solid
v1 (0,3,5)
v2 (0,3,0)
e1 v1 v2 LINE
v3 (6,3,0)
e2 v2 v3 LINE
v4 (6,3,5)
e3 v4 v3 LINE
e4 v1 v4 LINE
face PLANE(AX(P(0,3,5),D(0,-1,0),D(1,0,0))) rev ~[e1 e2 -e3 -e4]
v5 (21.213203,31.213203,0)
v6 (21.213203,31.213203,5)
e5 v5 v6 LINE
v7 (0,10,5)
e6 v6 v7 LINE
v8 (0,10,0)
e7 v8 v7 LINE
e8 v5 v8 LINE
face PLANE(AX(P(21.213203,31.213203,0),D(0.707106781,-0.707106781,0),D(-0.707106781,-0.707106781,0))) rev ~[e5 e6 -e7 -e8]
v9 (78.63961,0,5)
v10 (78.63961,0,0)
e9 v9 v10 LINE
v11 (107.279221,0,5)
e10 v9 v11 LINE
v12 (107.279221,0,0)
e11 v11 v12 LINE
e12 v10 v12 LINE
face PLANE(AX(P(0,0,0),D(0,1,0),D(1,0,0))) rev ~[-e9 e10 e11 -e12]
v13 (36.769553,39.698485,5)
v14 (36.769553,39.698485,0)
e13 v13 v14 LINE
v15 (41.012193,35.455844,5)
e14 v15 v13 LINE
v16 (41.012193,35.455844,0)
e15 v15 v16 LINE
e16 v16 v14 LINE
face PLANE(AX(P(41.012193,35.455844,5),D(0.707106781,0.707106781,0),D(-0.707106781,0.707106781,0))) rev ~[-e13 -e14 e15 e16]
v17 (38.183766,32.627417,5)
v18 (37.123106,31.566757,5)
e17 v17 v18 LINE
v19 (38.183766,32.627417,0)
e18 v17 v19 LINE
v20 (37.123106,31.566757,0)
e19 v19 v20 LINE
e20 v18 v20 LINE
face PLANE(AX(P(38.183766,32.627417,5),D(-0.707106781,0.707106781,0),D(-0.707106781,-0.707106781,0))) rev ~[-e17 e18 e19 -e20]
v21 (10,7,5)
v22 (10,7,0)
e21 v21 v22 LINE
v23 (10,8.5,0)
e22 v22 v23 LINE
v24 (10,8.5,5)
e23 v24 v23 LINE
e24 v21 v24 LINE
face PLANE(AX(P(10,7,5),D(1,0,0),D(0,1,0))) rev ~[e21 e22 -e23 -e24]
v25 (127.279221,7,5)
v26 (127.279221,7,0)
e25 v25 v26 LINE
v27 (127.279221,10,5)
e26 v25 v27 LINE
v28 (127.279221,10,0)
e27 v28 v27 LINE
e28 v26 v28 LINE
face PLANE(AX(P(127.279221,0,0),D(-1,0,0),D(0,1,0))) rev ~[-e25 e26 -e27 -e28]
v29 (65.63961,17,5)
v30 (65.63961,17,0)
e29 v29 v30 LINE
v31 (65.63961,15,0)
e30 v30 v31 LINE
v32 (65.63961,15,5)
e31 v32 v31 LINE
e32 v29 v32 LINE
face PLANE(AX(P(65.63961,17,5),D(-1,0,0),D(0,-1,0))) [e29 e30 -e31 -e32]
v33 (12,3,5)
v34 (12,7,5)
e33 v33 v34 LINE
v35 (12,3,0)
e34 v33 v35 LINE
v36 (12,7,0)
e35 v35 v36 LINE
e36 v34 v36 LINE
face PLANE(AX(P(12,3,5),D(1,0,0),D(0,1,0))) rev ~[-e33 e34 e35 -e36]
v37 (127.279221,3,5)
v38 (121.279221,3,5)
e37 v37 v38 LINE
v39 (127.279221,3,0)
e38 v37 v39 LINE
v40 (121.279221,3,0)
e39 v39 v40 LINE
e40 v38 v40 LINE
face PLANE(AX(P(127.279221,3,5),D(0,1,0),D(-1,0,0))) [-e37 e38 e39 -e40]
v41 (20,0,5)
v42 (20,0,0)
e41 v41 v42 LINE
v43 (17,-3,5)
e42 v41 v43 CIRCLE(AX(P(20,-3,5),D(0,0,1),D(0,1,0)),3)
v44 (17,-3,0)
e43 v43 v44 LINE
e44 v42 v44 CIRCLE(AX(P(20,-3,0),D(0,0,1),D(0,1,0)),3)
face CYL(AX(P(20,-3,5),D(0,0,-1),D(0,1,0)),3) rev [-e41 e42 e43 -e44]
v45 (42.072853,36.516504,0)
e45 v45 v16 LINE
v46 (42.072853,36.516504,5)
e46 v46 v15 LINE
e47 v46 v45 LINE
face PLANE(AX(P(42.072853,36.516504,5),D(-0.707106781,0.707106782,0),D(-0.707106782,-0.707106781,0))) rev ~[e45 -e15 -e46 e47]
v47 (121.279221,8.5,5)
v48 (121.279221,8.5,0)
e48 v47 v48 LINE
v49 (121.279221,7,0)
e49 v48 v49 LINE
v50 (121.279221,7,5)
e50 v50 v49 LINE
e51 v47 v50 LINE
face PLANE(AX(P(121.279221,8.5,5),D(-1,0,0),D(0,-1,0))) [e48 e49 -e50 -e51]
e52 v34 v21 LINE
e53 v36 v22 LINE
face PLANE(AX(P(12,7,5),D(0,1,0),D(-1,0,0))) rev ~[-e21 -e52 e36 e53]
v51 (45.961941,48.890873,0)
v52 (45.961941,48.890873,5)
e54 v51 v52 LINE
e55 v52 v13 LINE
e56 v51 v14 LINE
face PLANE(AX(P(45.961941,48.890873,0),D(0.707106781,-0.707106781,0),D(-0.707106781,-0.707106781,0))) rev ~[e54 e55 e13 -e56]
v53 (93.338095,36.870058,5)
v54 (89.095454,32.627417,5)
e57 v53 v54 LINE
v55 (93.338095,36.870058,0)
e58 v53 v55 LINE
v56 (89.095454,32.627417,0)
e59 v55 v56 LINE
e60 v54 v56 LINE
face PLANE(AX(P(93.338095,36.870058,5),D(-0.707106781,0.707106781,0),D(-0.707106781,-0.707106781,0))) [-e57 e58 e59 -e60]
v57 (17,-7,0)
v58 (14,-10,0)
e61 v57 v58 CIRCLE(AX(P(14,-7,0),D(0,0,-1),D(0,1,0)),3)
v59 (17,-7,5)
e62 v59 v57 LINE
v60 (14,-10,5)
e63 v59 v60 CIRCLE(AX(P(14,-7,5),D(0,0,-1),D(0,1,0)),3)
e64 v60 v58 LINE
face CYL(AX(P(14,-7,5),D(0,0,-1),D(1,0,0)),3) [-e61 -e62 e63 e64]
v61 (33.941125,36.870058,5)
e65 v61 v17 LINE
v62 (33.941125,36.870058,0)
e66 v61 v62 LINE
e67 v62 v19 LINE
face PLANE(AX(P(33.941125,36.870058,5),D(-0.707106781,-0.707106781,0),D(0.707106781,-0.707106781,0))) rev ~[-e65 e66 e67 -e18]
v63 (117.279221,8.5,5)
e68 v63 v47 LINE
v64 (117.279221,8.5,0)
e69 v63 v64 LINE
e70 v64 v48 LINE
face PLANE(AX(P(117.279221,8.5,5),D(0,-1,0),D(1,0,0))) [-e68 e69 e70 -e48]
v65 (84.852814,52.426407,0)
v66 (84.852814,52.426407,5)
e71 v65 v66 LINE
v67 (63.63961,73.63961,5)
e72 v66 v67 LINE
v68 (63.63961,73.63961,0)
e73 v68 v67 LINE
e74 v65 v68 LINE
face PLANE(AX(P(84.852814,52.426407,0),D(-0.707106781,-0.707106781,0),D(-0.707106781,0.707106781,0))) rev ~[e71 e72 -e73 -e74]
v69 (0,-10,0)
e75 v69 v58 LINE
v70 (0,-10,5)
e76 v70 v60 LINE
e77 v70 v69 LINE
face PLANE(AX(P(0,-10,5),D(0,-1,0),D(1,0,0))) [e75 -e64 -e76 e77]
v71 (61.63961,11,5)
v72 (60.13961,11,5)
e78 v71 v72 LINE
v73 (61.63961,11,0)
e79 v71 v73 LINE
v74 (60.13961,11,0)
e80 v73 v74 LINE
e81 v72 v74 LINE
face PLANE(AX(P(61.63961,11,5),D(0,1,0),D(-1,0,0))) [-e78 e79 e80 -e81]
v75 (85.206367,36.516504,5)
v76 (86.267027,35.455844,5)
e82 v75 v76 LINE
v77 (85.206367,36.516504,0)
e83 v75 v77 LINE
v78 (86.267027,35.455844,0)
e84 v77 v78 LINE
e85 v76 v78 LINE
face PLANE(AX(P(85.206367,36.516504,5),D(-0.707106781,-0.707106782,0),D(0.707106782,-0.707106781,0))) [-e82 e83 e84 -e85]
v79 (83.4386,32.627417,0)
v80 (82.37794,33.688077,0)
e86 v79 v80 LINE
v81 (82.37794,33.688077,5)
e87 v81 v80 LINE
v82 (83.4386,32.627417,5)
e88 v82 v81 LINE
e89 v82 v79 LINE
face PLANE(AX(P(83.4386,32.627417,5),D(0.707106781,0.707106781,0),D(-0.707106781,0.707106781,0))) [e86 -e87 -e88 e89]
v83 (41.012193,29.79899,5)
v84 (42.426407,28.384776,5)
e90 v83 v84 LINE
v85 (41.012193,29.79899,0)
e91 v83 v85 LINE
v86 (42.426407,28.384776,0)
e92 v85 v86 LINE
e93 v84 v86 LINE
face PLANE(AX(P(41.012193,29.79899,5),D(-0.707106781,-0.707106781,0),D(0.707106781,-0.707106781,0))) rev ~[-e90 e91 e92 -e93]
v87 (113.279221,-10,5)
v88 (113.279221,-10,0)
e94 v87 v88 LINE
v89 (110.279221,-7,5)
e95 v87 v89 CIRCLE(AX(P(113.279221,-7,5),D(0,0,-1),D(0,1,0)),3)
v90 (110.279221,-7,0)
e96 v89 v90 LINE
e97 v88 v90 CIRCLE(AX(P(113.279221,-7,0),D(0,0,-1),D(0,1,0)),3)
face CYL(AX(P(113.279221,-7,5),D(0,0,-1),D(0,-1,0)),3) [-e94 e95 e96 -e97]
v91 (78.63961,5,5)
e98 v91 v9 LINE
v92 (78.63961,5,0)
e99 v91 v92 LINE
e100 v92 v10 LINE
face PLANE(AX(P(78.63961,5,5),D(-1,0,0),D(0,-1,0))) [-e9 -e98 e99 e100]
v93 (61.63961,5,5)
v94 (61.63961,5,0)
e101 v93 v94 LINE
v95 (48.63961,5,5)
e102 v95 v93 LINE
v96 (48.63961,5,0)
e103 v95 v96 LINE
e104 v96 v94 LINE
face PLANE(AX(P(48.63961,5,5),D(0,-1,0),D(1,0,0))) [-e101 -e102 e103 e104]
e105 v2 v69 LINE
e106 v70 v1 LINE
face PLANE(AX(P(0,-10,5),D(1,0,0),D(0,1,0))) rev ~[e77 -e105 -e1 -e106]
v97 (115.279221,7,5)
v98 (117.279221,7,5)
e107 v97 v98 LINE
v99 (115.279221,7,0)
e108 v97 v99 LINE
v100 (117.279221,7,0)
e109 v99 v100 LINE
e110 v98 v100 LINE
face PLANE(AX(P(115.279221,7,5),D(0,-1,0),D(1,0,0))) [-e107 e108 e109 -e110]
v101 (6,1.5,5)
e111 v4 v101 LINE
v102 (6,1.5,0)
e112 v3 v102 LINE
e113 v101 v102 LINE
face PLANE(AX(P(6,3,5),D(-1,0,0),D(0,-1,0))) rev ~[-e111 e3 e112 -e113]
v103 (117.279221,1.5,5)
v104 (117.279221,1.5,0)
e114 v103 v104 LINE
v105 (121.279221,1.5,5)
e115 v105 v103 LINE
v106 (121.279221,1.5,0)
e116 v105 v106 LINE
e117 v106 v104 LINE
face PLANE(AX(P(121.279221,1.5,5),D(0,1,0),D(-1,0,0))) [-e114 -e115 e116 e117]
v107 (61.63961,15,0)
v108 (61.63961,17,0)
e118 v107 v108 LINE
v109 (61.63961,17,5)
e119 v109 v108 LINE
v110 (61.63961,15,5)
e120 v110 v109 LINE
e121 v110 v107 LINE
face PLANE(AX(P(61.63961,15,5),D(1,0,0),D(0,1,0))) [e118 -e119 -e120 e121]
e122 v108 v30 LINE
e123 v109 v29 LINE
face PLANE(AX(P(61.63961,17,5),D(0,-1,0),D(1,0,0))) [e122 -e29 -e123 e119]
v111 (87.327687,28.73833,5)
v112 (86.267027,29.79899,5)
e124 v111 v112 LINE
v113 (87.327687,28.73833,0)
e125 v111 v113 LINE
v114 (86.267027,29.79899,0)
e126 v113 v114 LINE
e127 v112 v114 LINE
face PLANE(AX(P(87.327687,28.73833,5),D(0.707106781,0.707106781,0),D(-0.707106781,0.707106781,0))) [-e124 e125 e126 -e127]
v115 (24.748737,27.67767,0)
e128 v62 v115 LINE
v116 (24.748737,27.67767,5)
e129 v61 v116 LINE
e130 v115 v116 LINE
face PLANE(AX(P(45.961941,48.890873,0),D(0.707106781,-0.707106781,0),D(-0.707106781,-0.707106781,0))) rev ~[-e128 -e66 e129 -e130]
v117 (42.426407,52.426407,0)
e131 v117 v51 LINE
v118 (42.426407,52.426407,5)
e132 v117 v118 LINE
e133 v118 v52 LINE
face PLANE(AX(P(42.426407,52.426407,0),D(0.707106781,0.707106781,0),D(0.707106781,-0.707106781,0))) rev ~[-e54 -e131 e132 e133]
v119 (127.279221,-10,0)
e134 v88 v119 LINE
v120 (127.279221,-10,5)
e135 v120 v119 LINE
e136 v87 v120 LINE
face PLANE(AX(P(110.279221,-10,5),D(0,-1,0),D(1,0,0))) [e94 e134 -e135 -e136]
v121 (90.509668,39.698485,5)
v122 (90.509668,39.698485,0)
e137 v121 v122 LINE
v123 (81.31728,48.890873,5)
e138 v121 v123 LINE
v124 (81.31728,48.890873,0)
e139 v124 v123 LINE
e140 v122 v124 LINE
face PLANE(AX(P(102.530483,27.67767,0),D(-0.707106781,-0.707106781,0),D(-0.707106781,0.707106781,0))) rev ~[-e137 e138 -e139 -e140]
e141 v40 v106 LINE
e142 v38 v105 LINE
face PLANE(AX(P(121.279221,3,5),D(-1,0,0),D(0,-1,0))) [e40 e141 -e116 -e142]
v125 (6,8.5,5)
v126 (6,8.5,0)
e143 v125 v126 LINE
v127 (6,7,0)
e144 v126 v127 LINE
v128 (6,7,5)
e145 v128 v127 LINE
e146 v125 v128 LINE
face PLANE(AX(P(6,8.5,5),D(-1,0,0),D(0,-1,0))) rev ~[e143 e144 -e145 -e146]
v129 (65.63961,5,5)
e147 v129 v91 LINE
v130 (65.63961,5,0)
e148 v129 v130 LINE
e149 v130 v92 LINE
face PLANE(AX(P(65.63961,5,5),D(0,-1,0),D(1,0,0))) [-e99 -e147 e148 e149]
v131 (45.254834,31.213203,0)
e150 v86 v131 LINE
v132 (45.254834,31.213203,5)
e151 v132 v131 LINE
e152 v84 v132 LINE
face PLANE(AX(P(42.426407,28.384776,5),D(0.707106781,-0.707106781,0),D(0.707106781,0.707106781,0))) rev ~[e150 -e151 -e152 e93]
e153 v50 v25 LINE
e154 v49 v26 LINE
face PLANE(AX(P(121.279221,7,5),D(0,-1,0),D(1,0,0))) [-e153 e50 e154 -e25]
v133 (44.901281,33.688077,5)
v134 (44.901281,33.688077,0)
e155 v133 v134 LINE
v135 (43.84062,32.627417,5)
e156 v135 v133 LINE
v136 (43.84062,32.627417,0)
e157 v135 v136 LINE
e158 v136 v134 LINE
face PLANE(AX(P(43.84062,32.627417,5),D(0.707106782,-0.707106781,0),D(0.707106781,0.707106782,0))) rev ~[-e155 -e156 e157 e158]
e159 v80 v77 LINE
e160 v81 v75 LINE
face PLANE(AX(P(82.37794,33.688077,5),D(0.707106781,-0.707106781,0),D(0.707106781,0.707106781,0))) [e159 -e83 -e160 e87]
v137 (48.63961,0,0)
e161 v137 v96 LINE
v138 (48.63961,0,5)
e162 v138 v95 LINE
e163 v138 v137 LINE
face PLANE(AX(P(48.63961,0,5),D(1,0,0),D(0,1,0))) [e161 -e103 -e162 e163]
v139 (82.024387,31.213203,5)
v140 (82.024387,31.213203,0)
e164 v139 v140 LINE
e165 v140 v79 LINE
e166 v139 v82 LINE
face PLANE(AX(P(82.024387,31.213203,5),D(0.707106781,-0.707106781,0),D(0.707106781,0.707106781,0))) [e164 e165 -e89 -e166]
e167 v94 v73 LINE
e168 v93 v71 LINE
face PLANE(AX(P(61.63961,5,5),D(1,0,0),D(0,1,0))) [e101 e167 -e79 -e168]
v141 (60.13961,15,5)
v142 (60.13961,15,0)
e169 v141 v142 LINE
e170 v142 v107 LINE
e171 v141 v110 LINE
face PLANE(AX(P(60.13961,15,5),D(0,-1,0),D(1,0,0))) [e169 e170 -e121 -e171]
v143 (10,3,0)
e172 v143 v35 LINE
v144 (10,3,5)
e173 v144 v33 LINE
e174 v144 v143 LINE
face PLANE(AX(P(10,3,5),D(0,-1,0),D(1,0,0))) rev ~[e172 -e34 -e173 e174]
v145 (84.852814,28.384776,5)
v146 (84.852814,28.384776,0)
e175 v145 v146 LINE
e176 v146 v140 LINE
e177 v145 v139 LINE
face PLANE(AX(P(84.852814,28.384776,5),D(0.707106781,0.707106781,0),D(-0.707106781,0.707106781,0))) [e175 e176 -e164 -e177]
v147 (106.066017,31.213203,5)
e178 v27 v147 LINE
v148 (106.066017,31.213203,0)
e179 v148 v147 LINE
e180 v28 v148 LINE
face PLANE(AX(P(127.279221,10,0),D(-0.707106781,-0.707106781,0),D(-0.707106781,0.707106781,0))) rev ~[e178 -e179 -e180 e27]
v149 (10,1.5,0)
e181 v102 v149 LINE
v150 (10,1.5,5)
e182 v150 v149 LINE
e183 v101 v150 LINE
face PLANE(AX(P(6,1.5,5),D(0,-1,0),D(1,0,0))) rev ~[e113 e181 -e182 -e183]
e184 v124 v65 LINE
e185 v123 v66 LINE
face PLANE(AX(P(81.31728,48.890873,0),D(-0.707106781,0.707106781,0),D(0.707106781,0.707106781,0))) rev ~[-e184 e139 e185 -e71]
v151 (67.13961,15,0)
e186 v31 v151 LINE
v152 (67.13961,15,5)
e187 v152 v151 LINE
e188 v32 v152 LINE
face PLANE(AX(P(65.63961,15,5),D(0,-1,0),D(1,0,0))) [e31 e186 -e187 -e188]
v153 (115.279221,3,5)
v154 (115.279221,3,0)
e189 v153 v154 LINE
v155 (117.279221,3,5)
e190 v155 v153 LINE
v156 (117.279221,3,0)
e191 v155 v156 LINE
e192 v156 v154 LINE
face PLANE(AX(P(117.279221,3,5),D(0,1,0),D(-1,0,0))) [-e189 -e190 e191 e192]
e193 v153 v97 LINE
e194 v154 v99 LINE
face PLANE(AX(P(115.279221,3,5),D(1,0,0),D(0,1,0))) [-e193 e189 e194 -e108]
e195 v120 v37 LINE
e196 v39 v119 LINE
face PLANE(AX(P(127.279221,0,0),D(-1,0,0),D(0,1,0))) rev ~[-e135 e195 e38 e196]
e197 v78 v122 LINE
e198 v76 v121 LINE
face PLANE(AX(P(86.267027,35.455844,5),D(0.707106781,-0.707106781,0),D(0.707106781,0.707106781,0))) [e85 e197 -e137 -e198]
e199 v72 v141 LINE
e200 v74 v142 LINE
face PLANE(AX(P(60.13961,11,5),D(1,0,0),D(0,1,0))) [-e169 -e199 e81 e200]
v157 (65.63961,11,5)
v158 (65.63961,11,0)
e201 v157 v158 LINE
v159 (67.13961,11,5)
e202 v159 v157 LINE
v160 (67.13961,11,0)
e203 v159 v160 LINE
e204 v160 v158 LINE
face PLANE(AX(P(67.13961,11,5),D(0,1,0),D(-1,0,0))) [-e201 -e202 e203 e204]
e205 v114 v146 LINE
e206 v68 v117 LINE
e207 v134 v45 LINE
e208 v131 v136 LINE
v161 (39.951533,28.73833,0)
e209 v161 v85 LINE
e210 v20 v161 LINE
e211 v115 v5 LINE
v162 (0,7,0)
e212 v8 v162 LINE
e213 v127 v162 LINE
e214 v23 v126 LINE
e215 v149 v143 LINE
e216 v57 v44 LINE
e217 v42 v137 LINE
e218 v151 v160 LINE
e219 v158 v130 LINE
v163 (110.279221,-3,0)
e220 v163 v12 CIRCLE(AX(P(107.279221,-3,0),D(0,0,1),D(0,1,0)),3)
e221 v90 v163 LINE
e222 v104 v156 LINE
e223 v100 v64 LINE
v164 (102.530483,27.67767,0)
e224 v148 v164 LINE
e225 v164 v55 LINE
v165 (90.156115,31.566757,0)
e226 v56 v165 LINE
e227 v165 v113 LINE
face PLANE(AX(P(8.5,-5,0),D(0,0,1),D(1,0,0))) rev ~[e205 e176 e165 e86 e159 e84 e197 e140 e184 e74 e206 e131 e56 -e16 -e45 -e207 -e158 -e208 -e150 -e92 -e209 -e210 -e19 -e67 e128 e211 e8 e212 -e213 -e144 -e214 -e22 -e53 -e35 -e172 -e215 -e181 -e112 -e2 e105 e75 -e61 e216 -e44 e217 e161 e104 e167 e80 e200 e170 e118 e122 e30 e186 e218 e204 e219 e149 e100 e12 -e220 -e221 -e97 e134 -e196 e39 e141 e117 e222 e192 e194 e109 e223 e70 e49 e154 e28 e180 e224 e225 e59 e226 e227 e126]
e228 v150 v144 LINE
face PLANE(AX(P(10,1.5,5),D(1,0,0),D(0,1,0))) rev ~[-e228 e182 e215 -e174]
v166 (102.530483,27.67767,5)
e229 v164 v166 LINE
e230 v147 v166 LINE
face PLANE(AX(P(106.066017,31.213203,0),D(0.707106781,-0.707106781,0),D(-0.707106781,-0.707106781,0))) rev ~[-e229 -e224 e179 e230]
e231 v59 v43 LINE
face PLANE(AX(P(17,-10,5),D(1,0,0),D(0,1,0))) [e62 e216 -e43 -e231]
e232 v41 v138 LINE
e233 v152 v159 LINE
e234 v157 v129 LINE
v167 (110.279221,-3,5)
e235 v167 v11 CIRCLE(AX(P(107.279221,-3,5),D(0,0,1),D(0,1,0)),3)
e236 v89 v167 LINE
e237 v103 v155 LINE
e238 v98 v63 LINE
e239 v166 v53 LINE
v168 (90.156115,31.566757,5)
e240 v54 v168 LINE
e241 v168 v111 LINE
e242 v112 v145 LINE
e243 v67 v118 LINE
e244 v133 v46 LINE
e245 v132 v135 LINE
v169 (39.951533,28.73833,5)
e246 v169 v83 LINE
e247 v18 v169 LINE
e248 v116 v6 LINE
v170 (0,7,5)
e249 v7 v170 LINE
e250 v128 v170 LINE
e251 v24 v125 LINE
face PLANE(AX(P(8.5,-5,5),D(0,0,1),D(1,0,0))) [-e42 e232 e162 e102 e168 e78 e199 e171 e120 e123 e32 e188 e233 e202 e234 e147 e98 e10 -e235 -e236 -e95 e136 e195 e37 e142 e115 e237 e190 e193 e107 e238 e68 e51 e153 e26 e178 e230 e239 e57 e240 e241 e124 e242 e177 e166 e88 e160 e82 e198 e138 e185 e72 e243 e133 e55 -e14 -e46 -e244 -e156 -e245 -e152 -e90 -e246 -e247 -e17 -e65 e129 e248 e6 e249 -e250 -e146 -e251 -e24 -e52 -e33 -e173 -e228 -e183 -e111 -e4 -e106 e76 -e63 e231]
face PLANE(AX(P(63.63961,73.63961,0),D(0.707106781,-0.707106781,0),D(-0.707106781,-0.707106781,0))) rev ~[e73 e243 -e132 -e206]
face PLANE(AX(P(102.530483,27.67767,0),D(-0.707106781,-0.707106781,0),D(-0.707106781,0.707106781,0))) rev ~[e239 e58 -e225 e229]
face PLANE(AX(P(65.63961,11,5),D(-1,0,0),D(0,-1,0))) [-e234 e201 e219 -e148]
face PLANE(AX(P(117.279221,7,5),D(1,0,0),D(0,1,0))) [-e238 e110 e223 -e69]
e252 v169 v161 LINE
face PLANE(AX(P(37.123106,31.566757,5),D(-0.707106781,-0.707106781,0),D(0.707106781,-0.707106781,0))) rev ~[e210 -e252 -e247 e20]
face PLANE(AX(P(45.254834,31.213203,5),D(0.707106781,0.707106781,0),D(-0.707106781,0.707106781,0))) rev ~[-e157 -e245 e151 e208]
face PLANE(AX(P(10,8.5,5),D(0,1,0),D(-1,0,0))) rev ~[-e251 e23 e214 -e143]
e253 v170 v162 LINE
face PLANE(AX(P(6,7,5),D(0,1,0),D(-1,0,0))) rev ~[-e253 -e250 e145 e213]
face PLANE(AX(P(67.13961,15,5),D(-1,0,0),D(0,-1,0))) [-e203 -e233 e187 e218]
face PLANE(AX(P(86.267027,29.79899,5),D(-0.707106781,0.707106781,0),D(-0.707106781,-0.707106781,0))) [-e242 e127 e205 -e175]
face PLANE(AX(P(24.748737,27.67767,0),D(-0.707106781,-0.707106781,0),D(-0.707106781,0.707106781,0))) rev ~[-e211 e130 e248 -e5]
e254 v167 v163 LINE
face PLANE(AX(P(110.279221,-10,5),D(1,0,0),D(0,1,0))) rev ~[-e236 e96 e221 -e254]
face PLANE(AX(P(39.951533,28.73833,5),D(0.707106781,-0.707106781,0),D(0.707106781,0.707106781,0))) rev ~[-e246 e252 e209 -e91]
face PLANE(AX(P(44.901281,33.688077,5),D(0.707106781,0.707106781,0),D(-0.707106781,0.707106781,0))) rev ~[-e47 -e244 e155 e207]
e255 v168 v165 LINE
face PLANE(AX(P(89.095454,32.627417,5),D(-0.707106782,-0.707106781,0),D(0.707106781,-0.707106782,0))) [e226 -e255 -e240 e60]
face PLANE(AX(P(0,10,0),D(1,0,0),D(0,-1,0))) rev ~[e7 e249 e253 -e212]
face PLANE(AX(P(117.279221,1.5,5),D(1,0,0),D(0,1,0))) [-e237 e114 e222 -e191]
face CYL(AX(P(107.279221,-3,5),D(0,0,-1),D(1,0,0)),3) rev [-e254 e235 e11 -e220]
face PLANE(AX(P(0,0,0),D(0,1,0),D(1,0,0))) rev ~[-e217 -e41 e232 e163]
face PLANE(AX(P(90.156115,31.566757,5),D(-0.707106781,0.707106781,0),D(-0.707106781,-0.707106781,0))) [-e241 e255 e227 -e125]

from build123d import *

# Parameters (mm, degrees)
BOSS_EXTRUDE1_DEPTH = 5
CUT_EXTRUDE1_DEPTH  = 10
SKETCH4_W           = 17
SKETCH4_H           = 10
BOSS_EXTRUDE3_DEPTH = 5
FILLET1_R           = 3


with BuildPart() as part:
    # Sketch1 → Boss-Extrude1 (new body)
    with BuildSketch(Plane.XY):
        Polygon((0, 0), (127.279220614, 0), (127.279220614, 10), (106.066017178, 31.213203436), (102.530483272, 27.67766953), (81.317279836, 48.890872965), (84.852813742, 52.426406871), (63.639610307, 73.639610307), (42.426406871, 52.426406871), (45.961940777, 48.890872965), (24.748737342, 27.67766953), (21.213203436, 31.213203436), (0, 10), align=None)
    extrude(amount=BOSS_EXTRUDE1_DEPTH)

    # Sketch2 → Cut-Extrude1 (cut)
    with BuildSketch(Plane.XY.offset(5)):
        Polygon((127.279220614, 3), (121.279220614, 3), (121.279220614, 1.5), (117.279220614, 1.5), (117.279220614, 3), (115.279220614, 3), (115.279220614, 7), (117.279220614, 7), (117.279220614, 8.5), (121.279220614, 8.5), (121.279220614, 7), (127.279220614, 7), align=None)
        Polygon((36.769552622, 39.69848481), (33.941125497, 36.870057685), (38.183766184, 32.627416998), (37.123106012, 31.566756826), (39.951533137, 28.738329701), (41.012193309, 29.798989873), (42.426406871, 28.384776311), (45.254833996, 31.213203436), (43.840620434, 32.627416998), (44.901280605, 33.68807717), (42.072853481, 36.516504294), (41.012193309, 35.455844123), align=None)
        Polygon((0, 7), (0, 3), (6, 3), (6, 1.5), (10, 1.5), (10, 3), (12, 3), (12, 7), (10, 7), (10, 8.5), (6, 8.5), (6, 7), align=None)
        Polygon((48.639610307, 5), (61.639610307, 5), (61.639610307, 11), (60.139610307, 11), (60.139610307, 15), (61.639610307, 15), (61.639610307, 17), (65.639610307, 17), (65.639610307, 15), (67.139610307, 15), (67.139610307, 11), (65.639610307, 11), (65.639610307, 5), (78.639610307, 5), (78.639610307, 0), (48.639610307, 0), align=None)
        Polygon((93.338095117, 36.870057685), (89.09545443, 32.627416998), (90.156114601, 31.566756826), (87.327687477, 28.738329701), (86.267027305, 29.798989873), (84.852813742, 28.384776311), (82.024386618, 31.213203436), (83.43860018, 32.627416998), (82.377940008, 33.68807717), (85.206367133, 36.516504294), (86.267027305, 35.455844123), (90.509667992, 39.69848481), align=None)
    extrude(amount=-CUT_EXTRUDE1_DEPTH, mode=Mode.SUBTRACT)

    # Sketch4 → Boss-Extrude3 (add)
    with BuildSketch(Plane.XY.offset(5)):
        with Locations((8.5, -5)):
            Rectangle(SKETCH4_W, SKETCH4_H)
        with Locations((118.779220614, -5)):
            Rectangle(SKETCH4_W, SKETCH4_H)
    extrude(amount=-BOSS_EXTRUDE3_DEPTH)

    # Fillet1
    fillet1_edges = [part.edges().sort_by_distance(p)[0] for p in [
        (17, 0, 2.5),
        (17, -10, 2.5),
        (110.279220614, -10, 2.5),
        (110.279220614, 0, 2.5),
    ]]
    fillet(fillet1_edges, radius=FILLET1_R)


solid = part.part
